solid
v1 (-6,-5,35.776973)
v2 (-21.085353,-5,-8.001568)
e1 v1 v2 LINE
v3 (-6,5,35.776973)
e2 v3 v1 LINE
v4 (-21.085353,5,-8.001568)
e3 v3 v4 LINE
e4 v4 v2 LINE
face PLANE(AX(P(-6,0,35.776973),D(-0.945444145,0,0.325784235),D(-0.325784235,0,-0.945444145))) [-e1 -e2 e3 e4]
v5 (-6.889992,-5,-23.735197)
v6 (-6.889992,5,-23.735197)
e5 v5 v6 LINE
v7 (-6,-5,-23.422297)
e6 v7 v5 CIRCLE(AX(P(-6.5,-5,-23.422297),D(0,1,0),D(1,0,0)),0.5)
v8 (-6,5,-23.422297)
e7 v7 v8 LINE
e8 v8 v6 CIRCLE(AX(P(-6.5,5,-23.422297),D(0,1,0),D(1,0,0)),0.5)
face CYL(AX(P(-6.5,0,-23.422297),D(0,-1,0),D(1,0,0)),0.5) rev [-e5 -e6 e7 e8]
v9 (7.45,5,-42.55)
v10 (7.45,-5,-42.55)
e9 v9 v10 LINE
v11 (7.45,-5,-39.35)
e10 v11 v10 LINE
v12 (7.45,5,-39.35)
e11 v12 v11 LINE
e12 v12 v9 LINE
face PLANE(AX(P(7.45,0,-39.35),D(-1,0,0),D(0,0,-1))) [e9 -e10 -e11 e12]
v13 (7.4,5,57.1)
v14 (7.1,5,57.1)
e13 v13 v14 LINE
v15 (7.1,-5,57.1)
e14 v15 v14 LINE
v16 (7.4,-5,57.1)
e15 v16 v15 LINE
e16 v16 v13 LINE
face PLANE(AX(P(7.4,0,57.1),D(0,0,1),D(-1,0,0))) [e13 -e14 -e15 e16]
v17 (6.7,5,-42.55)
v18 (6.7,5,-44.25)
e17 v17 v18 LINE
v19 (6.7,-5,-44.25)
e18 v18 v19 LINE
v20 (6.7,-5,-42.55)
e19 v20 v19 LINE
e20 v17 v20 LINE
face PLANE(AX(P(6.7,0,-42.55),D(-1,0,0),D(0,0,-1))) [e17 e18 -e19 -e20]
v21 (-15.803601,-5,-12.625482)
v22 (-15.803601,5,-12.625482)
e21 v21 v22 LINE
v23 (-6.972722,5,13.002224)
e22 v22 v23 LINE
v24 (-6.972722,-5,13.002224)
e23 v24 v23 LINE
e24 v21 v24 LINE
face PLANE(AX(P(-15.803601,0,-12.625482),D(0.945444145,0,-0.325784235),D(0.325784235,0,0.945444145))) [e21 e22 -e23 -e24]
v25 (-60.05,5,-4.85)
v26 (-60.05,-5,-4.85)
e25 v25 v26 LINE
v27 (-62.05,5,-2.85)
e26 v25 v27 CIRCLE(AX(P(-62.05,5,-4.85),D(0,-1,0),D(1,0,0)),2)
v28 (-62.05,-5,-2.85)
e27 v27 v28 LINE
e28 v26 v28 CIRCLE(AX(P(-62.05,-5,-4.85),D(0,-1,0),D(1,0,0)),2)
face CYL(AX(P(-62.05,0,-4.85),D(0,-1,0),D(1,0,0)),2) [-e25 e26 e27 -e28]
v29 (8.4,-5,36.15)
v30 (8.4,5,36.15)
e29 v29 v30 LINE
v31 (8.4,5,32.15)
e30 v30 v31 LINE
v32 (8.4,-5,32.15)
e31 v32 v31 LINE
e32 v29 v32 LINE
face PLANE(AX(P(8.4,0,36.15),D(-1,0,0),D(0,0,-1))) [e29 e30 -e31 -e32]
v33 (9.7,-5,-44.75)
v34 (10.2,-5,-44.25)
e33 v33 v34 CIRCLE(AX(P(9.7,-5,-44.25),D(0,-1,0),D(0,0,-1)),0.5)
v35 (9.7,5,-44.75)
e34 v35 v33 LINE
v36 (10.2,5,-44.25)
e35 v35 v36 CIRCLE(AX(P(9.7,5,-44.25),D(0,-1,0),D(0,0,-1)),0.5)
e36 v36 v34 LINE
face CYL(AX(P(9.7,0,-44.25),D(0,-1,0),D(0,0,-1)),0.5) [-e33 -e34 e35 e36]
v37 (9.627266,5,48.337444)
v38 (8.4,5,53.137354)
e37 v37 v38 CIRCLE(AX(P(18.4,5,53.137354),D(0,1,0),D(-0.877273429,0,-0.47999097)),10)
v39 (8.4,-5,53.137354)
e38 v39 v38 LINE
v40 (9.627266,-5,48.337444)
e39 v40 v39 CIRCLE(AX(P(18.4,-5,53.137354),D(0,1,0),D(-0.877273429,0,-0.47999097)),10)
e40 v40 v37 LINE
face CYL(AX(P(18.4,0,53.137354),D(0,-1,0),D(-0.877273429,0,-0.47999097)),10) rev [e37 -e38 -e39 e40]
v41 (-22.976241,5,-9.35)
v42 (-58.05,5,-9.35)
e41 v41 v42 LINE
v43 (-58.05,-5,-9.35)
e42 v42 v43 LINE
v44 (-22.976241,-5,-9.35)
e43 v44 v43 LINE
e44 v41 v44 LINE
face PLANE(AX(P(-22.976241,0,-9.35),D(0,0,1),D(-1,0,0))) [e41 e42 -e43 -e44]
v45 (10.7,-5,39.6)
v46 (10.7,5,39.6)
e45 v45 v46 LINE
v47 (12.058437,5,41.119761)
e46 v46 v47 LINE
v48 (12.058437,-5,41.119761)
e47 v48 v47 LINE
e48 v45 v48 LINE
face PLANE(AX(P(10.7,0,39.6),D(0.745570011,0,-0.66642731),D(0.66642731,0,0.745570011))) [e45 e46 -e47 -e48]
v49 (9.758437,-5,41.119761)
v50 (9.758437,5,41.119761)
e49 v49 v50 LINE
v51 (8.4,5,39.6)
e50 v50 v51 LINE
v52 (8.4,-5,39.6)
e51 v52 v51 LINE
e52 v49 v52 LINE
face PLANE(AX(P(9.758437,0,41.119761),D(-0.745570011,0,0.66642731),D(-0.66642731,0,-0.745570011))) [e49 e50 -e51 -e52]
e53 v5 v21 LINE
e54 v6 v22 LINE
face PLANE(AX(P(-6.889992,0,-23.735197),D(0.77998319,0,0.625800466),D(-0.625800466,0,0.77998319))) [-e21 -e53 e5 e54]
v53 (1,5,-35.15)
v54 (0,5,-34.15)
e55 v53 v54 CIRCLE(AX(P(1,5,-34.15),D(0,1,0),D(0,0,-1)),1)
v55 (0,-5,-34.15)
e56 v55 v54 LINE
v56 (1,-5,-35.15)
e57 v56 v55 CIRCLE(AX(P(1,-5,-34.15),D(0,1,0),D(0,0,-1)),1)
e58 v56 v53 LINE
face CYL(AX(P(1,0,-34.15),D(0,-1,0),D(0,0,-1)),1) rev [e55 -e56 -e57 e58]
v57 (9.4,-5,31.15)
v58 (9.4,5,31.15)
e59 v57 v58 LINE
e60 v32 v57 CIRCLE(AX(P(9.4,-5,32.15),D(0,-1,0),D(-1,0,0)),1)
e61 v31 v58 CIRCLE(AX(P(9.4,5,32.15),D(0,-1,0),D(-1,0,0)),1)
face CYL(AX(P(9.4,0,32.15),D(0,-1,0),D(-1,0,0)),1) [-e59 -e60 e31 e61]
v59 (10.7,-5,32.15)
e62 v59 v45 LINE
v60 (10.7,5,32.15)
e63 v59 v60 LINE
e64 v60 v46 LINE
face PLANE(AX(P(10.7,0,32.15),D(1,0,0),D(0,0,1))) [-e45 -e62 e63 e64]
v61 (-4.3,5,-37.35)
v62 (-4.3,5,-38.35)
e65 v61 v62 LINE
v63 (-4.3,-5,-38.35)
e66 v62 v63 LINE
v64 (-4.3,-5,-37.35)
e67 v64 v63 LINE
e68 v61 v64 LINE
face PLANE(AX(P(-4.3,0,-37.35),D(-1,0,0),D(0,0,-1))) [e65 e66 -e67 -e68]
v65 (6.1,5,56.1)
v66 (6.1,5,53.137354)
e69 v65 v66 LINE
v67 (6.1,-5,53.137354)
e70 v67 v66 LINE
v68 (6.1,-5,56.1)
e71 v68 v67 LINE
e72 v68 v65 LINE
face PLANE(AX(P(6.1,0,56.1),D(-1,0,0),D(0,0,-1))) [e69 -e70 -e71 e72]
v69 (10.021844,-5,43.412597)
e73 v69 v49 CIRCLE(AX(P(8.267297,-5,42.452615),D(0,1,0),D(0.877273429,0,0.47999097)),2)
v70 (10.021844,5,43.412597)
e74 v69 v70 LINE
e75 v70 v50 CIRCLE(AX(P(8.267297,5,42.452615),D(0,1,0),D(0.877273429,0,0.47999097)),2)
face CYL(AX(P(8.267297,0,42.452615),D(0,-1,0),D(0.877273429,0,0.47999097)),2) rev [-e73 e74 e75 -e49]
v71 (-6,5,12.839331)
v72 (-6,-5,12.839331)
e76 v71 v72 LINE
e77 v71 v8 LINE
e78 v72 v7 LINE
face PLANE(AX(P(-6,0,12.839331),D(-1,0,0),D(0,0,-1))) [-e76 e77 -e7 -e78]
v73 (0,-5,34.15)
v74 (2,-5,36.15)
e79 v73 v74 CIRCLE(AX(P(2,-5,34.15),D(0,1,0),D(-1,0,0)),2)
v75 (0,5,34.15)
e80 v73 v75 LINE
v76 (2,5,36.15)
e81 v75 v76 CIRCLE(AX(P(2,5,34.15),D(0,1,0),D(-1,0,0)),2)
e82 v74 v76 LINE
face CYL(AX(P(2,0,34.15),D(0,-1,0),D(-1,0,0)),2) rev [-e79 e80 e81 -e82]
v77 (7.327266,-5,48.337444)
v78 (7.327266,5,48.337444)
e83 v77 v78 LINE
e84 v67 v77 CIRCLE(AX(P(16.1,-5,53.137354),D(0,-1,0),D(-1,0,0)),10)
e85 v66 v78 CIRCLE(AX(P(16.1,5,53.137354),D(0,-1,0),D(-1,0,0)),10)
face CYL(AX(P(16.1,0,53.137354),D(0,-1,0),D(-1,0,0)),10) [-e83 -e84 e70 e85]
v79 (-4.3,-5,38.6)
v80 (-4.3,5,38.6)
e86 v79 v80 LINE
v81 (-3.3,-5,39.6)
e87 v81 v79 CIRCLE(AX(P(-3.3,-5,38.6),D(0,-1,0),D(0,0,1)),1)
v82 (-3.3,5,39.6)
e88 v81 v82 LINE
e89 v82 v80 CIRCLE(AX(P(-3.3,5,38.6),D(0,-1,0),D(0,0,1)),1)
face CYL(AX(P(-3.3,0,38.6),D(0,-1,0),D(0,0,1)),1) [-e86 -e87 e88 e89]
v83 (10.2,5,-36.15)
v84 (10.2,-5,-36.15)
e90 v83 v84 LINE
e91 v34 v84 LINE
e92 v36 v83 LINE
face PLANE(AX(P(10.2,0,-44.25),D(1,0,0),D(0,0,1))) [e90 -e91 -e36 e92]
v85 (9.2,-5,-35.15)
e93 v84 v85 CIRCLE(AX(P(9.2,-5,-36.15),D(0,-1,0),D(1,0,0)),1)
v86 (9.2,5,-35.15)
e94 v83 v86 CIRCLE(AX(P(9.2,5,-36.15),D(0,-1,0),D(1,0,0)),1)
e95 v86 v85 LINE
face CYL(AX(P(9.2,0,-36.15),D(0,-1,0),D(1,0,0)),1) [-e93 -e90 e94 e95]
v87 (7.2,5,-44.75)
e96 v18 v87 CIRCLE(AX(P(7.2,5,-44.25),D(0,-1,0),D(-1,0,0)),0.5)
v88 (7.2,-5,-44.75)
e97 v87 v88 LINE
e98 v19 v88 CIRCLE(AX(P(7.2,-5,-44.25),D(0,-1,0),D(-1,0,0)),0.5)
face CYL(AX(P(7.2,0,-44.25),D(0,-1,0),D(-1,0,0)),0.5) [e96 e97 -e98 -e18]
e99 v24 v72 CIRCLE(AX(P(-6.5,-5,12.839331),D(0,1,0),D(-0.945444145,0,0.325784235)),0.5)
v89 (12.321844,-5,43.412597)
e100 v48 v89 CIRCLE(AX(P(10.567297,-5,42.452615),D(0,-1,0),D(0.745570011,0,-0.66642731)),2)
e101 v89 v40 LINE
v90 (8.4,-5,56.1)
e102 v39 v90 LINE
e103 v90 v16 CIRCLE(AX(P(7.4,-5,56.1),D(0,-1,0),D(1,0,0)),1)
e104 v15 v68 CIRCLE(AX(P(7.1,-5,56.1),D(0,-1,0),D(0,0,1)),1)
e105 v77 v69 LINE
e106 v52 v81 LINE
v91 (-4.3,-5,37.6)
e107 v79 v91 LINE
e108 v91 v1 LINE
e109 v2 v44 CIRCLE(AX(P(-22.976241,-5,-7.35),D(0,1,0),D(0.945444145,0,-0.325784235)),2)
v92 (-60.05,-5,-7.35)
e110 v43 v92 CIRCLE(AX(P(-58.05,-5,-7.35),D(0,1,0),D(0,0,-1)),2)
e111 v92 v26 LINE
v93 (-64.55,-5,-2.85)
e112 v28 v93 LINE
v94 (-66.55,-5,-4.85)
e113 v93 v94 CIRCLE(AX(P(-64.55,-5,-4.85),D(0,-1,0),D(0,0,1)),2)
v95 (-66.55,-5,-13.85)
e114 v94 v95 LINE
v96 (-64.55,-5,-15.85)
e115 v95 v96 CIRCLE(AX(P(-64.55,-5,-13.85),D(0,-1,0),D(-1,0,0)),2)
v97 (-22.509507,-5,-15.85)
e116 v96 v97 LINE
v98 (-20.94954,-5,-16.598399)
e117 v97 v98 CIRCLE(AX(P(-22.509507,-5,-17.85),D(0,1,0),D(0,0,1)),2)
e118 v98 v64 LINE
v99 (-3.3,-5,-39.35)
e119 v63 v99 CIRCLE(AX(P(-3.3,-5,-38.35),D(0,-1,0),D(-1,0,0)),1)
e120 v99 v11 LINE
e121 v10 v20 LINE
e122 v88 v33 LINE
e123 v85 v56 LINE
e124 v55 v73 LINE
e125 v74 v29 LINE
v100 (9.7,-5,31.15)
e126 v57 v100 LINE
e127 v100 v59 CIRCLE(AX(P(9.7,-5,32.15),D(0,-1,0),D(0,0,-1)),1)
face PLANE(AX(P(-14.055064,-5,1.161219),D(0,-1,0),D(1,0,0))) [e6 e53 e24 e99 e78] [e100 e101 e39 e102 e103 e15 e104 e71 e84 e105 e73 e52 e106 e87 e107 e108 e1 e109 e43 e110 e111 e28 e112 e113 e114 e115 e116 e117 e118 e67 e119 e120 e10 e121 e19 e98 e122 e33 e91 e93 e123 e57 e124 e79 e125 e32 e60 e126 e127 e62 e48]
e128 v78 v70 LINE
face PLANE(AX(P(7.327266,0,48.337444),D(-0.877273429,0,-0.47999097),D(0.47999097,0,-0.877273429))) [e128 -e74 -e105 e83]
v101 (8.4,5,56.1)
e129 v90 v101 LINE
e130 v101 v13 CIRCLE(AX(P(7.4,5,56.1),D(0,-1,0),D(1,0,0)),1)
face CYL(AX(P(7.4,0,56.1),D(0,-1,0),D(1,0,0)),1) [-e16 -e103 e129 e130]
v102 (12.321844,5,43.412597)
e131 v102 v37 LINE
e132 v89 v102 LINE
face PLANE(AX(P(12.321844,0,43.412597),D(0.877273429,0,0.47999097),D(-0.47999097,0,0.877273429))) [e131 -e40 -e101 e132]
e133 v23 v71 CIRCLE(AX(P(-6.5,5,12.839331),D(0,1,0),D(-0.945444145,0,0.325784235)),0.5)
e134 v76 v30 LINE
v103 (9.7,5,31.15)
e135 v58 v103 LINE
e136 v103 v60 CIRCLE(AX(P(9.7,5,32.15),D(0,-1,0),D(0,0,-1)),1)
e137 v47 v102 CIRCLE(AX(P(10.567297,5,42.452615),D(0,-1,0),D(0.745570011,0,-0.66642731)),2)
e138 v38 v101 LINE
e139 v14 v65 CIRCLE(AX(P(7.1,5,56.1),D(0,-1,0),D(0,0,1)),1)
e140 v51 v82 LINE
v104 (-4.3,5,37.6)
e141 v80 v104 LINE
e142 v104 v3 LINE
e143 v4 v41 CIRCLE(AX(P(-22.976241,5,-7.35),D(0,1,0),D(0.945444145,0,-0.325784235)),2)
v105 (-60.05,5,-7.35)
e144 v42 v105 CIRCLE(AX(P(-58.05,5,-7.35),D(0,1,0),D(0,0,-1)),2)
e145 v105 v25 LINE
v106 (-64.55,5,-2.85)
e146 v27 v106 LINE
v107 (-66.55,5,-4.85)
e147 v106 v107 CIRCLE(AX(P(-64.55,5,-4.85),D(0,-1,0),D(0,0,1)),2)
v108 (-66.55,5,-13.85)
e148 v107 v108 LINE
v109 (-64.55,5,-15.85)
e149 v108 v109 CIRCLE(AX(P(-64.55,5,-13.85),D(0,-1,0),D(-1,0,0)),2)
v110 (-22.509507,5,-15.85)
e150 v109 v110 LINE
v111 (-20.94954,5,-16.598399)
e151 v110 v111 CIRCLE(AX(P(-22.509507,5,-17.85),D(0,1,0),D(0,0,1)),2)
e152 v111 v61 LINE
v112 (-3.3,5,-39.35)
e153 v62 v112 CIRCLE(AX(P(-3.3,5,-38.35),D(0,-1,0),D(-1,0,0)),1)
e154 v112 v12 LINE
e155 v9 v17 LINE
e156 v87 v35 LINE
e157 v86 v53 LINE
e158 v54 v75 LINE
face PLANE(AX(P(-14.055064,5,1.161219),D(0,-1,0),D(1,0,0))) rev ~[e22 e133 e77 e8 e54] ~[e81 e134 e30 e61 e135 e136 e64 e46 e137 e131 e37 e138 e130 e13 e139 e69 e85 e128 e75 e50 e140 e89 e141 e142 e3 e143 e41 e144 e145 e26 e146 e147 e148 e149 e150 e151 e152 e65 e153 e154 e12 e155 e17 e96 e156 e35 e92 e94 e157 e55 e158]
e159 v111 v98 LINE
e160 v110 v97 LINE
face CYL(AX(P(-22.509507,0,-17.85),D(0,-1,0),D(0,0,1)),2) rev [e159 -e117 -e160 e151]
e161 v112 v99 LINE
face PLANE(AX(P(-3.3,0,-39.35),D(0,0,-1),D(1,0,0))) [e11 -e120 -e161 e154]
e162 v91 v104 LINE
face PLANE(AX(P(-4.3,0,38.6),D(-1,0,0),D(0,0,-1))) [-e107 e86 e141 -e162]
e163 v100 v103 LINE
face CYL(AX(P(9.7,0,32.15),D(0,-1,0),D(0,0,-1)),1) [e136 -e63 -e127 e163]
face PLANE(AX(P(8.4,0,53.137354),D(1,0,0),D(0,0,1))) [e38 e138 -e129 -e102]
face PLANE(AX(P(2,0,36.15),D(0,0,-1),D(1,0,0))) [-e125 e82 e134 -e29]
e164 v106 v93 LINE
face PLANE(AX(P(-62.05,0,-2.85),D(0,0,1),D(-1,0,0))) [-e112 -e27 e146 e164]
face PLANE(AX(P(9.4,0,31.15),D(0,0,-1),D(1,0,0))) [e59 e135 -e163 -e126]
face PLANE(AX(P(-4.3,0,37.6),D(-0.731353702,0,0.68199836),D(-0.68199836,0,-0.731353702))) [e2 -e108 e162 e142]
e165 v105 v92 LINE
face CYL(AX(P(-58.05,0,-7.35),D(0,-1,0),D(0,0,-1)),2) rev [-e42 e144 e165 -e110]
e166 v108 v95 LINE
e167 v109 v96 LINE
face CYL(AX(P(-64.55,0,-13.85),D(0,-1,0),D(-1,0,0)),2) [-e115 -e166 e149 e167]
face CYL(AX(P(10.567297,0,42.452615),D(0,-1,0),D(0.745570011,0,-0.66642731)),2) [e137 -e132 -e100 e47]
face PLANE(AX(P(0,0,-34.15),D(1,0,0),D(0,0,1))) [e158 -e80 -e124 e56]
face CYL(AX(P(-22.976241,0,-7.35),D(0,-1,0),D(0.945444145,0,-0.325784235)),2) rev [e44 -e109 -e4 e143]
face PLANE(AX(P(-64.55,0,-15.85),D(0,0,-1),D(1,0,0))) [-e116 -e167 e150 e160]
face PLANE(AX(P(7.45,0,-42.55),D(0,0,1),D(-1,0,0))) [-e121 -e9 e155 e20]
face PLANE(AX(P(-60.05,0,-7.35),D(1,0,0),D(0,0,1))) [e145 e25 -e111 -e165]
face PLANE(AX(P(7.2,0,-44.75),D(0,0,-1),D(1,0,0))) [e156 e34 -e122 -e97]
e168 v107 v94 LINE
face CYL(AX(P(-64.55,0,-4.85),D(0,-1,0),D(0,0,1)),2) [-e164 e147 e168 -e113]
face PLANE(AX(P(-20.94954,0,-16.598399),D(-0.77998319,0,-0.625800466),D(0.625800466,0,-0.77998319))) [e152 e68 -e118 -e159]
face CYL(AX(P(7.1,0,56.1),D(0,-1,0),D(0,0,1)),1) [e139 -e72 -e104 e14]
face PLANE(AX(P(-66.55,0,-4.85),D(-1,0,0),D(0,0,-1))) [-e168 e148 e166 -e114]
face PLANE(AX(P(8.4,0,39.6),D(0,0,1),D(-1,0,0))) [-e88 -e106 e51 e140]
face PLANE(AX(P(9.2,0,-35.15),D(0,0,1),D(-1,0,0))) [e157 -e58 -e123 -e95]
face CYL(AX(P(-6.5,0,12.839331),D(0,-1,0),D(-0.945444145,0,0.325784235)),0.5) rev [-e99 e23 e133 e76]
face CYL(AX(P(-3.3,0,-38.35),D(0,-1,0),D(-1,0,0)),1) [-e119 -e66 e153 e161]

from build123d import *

# Parameters (mm, degrees)
F1_DEPTH = 5


with BuildPart() as f1:
    # F0 (on Front) → F1 (new body, symmetric)
    with BuildSketch(Plane.XZ):
        with BuildLine():
            Line((-4.3, 37.6), (-6, 35.776973193))
            Line((-6, 35.776973193), (-21.085353054, -8.0015684709))
            ThreePointArc((-21.085353054, -8.0015684709), (-21.8150214993, -8.9783637404), (-22.9762413446, -9.35))
            Line((-22.9762413446, -9.35), (-58.05, -9.35))
            ThreePointArc((-58.05, -9.35), (-59.4642135624, -8.7642135624), (-60.05, -7.35))
            Line((-60.05, -7.35), (-60.05, -4.85))
            ThreePointArc((-60.05, -4.85), (-60.6357864376, -3.4357864376), (-62.05, -2.85))
            Line((-62.05, -2.85), (-64.55, -2.85))
            ThreePointArc((-64.55, -2.85), (-65.9642135624, -3.4357864376), (-66.55, -4.85))
            Line((-66.55, -4.85), (-66.55, -13.85))
            ThreePointArc((-66.55, -13.85), (-65.9642135624, -15.2642135624), (-64.55, -15.85))
            Line((-64.55, -15.85), (-22.5095066627, -15.85))
            ThreePointArc((-22.5095066627, -15.85), (-21.6444060516, -16.0467803981), (-20.9495402831, -16.5983990675))
            Line((-20.9495402831, -16.5983990675), (-4.3, -37.35))
            Line((-4.3, -37.35), (-4.3, -38.35))
            ThreePointArc((-4.3, -38.35), (-4.0071067812, -39.0571067812), (-3.3, -39.35))
            Line((-3.3, -39.35), (7.45, -39.35))
            Line((7.45, -39.35), (7.45, -42.55))
            Line((7.45, -42.55), (6.7, -42.55))
            Line((6.7, -42.55), (6.7, -44.25))
            ThreePointArc((6.7, -44.25), (6.8464466094, -44.6035533906), (7.2, -44.75))
            Line((7.2, -44.75), (9.7, -44.75))
            ThreePointArc((9.7, -44.75), (10.0535533906, -44.6035533906), (10.2, -44.25))
            Line((10.2, -44.25), (10.2, -36.15))
            ThreePointArc((10.2, -36.15), (9.9071067812, -35.4428932188), (9.2, -35.15))
            Line((9.2, -35.15), (1, -35.15))
            ThreePointArc((1, -35.15), (0.2928932188, -34.8571067812), (0, -34.15))
            Line((0, -34.15), (0, 34.15))
            ThreePointArc((0, 34.15), (0.5857864376, 35.5642135624), (2, 36.15))
            Line((2, 36.15), (8.4, 36.15))
            Line((8.4, 36.15), (8.4, 32.15))
            ThreePointArc((8.4, 32.15), (8.6928932188, 31.4428932188), (9.4, 31.15))
            Line((9.4, 31.15), (9.7, 31.15))
            ThreePointArc((9.7, 31.15), (10.4071067812, 31.4428932188), (10.7, 32.15))
            Line((10.7, 32.15), (10.7, 39.6))
            Line((10.7, 39.6), (12.0584372697, 41.1197607825))
            ThreePointArc((12.0584372697, 41.1197607825), (12.5542284753, 42.2243517405), (12.3218441058, 43.4125973417))
            Line((12.3218441058, 43.4125973417), (9.6272657122, 48.3374442137))
            ThreePointArc((9.6272657122, 48.3374442137), (8.7116734449, 50.6601925206), (8.4, 53.1373539124))
            Line((8.4, 53.1373539124), (8.4, 56.1))
            ThreePointArc((8.4, 56.1), (8.1071067812, 56.8071067812), (7.4, 57.1))
            Line((7.4, 57.1), (7.1, 57.1))
            ThreePointArc((7.1, 57.1), (6.3928932188, 56.8071067812), (6.1, 56.1))
            Line((6.1, 56.1), (6.1, 53.1373539124))
            ThreePointArc((6.1, 53.1373539124), (6.4116734449, 50.6601925206), (7.3272657122, 48.3374442137))
            Line((7.3272657122, 48.3374442137), (10.0218441058, 43.4125973417))
            ThreePointArc((10.0218441058, 43.4125973417), (10.2542284753, 42.2243517405), (9.7584372697, 41.1197607825))
            Line((9.7584372697, 41.1197607825), (8.4, 39.6))
            Line((8.4, 39.6), (-3.3, 39.6))
            ThreePointArc((-3.3, 39.6), (-4.0071067812, 39.3071067812), (-4.3, 38.6))
            Line((-4.3, 38.6), (-4.3, 37.6))
        make_face()
        with BuildLine():
            Line((-6, 12.8393314671), (-6, -23.4222970219))
            ThreePointArc((-6, -23.4222970219), (-6.334162425, -23.8939938512), (-6.8899915949, -23.7351972551))
            Line((-6.8899915949, -23.7351972551), (-15.8036005744, -12.6254817154))
            Line((-15.8036005744, -12.6254817154), (-6.9727220727, 13.0022235849))
            ThreePointArc((-6.9727220727, 13.0022235849), (-6.417419846, 13.3324648347), (-6, 12.8393314671))
        make_face(mode=Mode.SUBTRACT)
    extrude(amount=F1_DEPTH, both=True)


solid = f1.part
